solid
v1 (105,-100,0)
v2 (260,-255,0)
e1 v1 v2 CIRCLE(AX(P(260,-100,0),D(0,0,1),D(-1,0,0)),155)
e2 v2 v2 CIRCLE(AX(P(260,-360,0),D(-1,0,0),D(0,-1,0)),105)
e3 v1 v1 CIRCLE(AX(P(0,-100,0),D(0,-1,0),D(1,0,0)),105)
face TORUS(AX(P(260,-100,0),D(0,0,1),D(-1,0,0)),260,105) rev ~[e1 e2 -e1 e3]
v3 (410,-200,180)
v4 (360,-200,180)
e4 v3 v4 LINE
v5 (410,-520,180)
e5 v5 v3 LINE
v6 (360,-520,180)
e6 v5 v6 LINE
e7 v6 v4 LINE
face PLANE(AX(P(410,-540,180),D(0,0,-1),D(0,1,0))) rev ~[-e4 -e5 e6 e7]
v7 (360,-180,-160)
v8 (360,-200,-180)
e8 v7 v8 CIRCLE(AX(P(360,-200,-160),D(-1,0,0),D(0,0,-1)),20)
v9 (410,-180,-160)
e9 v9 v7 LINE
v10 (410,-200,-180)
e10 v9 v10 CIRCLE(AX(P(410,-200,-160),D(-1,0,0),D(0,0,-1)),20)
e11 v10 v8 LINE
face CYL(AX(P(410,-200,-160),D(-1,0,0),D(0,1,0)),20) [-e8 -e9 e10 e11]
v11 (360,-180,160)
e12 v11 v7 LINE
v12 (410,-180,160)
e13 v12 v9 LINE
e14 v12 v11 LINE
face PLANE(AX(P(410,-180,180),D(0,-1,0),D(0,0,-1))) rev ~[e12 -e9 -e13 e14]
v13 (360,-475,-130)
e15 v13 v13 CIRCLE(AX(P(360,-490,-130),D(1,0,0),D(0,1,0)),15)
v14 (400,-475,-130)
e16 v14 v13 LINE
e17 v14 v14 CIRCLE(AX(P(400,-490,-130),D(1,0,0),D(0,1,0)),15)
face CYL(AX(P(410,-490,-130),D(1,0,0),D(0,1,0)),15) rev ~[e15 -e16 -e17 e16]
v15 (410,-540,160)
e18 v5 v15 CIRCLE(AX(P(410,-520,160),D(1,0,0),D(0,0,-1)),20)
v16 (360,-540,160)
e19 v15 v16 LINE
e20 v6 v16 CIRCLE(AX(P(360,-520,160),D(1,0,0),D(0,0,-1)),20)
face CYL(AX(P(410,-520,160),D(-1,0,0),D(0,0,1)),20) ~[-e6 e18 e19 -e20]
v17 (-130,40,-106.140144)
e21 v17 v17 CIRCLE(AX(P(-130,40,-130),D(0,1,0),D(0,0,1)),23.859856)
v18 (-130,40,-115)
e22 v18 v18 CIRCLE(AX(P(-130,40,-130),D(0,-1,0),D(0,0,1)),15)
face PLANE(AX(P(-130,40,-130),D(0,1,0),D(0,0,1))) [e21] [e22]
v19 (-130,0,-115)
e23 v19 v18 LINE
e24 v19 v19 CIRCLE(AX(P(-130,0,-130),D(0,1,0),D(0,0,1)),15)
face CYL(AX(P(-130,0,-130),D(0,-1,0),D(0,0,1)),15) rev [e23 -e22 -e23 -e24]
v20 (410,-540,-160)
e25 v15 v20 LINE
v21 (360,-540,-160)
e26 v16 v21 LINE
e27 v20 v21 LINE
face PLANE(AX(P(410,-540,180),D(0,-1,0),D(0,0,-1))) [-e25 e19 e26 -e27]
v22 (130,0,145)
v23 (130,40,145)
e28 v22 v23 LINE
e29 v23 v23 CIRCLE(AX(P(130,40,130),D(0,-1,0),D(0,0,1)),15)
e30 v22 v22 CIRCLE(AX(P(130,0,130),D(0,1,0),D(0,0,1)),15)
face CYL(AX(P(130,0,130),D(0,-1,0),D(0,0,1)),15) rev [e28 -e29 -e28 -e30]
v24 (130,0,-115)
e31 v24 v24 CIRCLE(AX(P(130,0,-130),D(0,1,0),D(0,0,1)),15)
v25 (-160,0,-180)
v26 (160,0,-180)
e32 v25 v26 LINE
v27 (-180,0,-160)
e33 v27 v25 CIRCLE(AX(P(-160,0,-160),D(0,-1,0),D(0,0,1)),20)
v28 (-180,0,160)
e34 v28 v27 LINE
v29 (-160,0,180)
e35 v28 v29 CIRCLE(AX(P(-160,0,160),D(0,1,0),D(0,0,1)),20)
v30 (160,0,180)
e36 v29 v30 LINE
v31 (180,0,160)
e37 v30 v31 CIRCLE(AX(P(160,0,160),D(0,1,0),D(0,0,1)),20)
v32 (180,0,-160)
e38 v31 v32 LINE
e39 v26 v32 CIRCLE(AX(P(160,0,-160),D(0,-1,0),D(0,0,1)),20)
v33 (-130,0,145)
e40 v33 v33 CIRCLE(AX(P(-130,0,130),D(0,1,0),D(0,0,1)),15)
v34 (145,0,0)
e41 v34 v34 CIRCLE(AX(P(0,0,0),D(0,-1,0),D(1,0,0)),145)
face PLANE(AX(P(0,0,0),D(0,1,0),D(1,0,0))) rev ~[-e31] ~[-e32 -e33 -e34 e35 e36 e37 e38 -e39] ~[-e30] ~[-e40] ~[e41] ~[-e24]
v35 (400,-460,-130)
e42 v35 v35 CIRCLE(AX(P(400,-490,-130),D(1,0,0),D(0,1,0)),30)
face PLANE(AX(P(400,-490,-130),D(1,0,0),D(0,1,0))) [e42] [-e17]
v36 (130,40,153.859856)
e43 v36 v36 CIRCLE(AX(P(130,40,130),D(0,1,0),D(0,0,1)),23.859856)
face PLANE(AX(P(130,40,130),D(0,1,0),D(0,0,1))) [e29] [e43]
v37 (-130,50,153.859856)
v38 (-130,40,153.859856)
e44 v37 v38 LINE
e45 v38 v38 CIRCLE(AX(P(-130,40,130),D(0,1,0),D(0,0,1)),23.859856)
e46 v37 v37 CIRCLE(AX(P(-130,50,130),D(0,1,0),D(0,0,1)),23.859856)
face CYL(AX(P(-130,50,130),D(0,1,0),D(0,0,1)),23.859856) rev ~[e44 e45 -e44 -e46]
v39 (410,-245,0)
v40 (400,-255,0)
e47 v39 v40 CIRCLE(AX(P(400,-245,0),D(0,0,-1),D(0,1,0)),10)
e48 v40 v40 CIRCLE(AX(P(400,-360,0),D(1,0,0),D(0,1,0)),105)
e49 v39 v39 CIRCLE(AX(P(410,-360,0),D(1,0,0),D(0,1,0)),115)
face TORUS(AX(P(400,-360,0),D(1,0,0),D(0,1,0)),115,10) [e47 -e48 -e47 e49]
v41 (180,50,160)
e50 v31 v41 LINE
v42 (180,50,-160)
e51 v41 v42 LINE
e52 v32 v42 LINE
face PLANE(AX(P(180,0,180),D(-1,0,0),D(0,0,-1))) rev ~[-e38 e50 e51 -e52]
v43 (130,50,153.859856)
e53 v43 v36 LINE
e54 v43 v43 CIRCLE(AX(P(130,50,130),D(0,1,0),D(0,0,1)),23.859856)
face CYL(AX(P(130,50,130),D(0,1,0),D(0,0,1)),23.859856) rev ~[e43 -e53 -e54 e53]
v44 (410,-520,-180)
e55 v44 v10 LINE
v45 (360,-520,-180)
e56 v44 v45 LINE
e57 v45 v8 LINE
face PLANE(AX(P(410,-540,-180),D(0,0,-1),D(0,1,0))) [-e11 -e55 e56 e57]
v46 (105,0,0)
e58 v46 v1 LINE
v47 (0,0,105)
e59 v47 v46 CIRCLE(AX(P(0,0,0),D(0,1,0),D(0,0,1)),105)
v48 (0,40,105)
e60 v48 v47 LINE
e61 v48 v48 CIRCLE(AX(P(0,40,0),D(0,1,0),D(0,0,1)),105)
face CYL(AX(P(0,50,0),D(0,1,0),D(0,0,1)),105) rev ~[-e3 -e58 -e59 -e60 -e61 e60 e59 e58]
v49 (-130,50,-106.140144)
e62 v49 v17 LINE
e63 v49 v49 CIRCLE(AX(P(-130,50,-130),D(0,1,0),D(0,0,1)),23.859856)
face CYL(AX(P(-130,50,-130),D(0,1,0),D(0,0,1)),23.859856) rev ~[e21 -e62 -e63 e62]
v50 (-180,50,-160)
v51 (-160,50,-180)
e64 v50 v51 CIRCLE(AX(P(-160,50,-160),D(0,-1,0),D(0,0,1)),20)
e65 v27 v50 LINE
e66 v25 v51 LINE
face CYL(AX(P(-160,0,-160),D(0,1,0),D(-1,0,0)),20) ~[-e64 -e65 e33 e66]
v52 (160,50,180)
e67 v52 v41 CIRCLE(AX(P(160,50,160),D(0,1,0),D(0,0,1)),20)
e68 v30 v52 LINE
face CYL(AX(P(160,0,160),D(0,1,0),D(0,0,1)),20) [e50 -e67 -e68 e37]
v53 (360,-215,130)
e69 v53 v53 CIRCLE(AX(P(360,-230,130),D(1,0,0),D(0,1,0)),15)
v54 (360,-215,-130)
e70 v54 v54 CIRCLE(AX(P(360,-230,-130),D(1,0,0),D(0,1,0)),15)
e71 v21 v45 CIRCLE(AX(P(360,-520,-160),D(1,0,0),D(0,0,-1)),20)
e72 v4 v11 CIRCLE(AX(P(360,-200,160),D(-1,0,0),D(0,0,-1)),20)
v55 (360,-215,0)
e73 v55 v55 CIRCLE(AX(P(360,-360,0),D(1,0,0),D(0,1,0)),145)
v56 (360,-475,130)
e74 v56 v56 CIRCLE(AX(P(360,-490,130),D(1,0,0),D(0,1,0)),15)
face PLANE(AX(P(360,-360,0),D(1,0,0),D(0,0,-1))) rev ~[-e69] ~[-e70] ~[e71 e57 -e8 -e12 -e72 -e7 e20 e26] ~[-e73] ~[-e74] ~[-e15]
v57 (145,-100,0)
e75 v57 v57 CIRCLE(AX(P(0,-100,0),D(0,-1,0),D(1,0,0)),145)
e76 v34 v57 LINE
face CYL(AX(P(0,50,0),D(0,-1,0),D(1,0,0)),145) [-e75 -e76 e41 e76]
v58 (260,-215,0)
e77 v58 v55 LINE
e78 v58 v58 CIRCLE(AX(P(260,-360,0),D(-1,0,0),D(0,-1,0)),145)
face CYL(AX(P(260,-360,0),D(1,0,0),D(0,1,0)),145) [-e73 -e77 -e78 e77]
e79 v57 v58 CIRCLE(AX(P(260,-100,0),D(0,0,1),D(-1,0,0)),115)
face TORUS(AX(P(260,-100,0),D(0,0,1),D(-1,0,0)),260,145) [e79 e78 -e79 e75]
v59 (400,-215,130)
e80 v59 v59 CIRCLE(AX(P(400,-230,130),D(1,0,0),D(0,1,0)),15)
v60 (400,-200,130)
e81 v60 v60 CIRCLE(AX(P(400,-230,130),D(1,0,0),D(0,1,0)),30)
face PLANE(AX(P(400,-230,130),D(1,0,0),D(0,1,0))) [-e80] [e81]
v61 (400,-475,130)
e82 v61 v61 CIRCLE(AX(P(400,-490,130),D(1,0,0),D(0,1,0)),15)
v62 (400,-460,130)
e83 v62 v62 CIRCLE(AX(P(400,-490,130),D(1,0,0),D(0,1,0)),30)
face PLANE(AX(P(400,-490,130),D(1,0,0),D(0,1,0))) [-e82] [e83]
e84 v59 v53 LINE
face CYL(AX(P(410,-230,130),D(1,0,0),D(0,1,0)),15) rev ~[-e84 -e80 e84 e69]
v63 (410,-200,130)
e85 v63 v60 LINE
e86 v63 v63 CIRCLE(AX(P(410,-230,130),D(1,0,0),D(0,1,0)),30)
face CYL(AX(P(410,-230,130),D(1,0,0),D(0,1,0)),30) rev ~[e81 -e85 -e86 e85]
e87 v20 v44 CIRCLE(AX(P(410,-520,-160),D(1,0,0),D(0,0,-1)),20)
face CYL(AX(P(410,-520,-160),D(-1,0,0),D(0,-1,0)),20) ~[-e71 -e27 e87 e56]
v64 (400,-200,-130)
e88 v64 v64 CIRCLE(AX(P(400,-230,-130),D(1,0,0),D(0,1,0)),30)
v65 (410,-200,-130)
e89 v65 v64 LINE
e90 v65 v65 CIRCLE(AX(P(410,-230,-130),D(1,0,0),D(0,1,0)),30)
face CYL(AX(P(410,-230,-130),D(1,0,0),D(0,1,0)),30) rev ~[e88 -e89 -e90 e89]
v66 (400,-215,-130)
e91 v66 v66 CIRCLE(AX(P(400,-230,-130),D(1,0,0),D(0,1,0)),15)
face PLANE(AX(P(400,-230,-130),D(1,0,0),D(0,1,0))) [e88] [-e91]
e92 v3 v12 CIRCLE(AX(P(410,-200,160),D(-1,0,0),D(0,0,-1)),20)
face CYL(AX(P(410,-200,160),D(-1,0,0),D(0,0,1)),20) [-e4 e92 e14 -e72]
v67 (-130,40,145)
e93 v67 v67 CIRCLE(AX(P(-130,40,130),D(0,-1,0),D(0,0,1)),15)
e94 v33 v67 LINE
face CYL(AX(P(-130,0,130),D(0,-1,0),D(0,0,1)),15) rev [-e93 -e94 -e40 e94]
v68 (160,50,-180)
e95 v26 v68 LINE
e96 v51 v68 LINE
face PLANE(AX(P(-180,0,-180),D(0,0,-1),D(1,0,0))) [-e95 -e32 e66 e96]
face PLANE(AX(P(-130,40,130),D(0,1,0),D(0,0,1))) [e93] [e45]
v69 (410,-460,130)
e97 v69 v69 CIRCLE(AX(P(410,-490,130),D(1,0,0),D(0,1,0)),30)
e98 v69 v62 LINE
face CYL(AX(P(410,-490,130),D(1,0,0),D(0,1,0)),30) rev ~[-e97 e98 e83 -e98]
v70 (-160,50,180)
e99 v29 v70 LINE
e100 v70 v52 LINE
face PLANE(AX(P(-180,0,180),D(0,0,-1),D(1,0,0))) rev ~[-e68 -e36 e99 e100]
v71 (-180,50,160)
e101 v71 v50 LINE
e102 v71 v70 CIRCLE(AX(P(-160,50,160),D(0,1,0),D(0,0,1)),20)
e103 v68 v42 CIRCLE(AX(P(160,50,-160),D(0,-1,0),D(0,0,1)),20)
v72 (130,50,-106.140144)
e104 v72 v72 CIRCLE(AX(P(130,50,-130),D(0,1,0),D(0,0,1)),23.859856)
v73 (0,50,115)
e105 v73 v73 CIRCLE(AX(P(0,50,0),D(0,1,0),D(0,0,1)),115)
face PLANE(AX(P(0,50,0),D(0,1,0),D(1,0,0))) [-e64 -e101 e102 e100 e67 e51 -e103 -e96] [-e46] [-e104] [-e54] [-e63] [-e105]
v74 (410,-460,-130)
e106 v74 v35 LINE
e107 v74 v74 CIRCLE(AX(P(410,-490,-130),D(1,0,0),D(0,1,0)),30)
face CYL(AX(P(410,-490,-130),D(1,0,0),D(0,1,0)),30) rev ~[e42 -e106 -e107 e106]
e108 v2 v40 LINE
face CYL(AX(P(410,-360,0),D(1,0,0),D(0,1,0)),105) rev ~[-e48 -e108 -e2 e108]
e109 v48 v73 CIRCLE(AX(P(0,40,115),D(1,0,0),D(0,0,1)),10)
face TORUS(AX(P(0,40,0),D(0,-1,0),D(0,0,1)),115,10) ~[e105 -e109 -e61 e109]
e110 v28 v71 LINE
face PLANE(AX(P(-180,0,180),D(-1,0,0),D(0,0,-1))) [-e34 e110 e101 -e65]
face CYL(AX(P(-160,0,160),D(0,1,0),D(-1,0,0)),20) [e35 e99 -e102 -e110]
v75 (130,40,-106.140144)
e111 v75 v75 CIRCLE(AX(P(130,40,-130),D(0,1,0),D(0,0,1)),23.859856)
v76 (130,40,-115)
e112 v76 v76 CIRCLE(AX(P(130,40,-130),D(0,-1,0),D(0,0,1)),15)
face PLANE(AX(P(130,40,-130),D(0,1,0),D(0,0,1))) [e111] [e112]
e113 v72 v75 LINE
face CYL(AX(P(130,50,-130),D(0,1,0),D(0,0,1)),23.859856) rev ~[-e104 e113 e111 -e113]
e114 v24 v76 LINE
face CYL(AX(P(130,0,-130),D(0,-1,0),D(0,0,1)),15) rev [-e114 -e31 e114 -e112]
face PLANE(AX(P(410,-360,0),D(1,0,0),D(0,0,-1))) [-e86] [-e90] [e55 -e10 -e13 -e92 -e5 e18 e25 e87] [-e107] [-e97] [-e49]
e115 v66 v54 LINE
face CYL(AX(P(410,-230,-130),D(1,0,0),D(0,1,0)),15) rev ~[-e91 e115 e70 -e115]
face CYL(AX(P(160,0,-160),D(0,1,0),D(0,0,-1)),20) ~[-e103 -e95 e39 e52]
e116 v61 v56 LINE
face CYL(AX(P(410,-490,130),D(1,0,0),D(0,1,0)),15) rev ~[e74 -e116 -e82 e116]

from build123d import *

# Parameters (mm, degrees)
SKETCH1_W           = 360
SKETCH1_H           = 360
SKETCH1_R           = 15
BOSS_EXTRUDE1_DEPTH = 50
FILLET1_R           = 20
SKETCH2_R           = 105
CUT_EXTRUDE1_DEPTH  = 50
SKETCH3_R           = 23.859856378
CUT_EXTRUDE2_DEPTH  = 10
SKETCH5_R           = 145
SKETCH5_R_2         = 105
SKETCH9_W           = 360
SKETCH9_H           = 360
BOSS_EXTRUDE2_DEPTH = 50
FILLET2_R           = 20
SKETCH10_R          = 105
SKETCH10_R_2        = 15
CUT_EXTRUDE3_DEPTH  = 50
SKETCH11_R          = 30
CUT_EXTRUDE4_DEPTH  = 10
FILLET3_R           = 10


with BuildPart() as part:
    # Sketch1 → Boss-Extrude1 (new body)
    with BuildSketch(Plane(origin=(0, 0, 0), x_dir=(1, 0, 0), z_dir=(0, 1, 0))):
        Rectangle(SKETCH1_W, SKETCH1_H)
        with Locations(Location((-130, 130, 0), (0, 0, 270))):
            Circle(SKETCH1_R, mode=Mode.SUBTRACT)
        with Locations(Location((130, 130, 0), (0, 0, 270))):
            Circle(SKETCH1_R, mode=Mode.SUBTRACT)
        with Locations(Location((130, -130, 0), (0, 0, 270))):
            Circle(SKETCH1_R, mode=Mode.SUBTRACT)
        with Locations(Location((-130, -130, 0), (0, 0, 270))):
            Circle(SKETCH1_R, mode=Mode.SUBTRACT)
    extrude(amount=BOSS_EXTRUDE1_DEPTH)

    # Fillet1
    fillet1_edges = [part.edges().sort_by_distance(p)[0] for p in [
        (-180, 25, -180),
        (180, 25, -180),
        (180, 25, 180),
        (-180, 25, 180),
    ]]
    fillet(fillet1_edges, radius=FILLET1_R)

    # Sketch2 → Cut-Extrude1 (cut)
    with BuildSketch(Plane(origin=(0, 50, 0), x_dir=(1, 0, 0), z_dir=(0, 1, 0))):
        with Locations(Location((0, 0, 0), (0, 0, 270))):
            Circle(SKETCH2_R)
    extrude(amount=-CUT_EXTRUDE1_DEPTH, mode=Mode.SUBTRACT)

    # Sketch3 → Cut-Extrude2 (cut)
    with BuildSketch(Plane(origin=(0, 50, 0), x_dir=(1, 0, 0), z_dir=(0, 1, 0))):
        with Locations(Location((-130, 130, 0), (0, 0, 270))):
            Circle(SKETCH3_R)
        with Locations(Location((130, 130, 0), (0, 0, 270))):
            Circle(SKETCH3_R)
        with Locations(Location((130, -130, 0), (0, 0, 270))):
            Circle(SKETCH3_R)
        with Locations(Location((-130, -130, 0), (0, 0, 270))):
            Circle(SKETCH3_R)
    extrude(amount=-CUT_EXTRUDE2_DEPTH, mode=Mode.SUBTRACT)

    # Sweep-Thin1: sweep along a path in Sketch4
    with BuildLine(Plane.XY) as sweep_thin1_path:
        Line((0, 50), (0, -100))
        ThreePointArc((0, -100), (76.152236891, -283.847763109), (260, -360))
        Line((260, -360), (410, -360))
    # Sketch5 → Sweep-Thin1 (sweep)
    with BuildSketch(Plane(origin=(0, 0, 0), x_dir=(1, 0, 0), z_dir=(0, 1, 0))):
        Circle(SKETCH5_R)
        Circle(SKETCH5_R_2, mode=Mode.SUBTRACT)
    sweep(path=sweep_thin1_path.line)

    # Sketch9 → Boss-Extrude2 (add)
    with BuildSketch(Plane(origin=(410, 0, 0), x_dir=(0, 0, -1), z_dir=(1, 0, 0))):
        with Locations((0, -360)):
            Rectangle(SKETCH9_W, SKETCH9_H)
    extrude(amount=-BOSS_EXTRUDE2_DEPTH)

    # Fillet2
    fillet2_edges = [part.edges().sort_by_distance(p)[0] for p in [
        (385, -540, 180),
        (385, -180, 180),
        (385, -180, -180),
        (385, -540, -180),
    ]]
    fillet(fillet2_edges, radius=FILLET2_R)

    # Sketch10 → Cut-Extrude3 (cut)
    with BuildSketch(Plane(origin=(410, 0, 0), x_dir=(0, 0, -1), z_dir=(1, 0, 0))):
        with Locations(Location((0, -360, 0), (0, 0, 90))):
            Circle(SKETCH10_R)
        with Locations(Location((-130, -230, 0), (0, 0, 90))):
            Circle(SKETCH10_R_2)
        with Locations(Location((130, -230, 0), (0, 0, 90))):
            Circle(SKETCH10_R_2)
        with Locations(Location((130, -490, 0), (0, 0, 90))):
            Circle(SKETCH10_R_2)
        with Locations(Location((-130, -490, 0), (0, 0, 90))):
            Circle(SKETCH10_R_2)
    extrude(amount=-CUT_EXTRUDE3_DEPTH, mode=Mode.SUBTRACT)

    # Sketch11 → Cut-Extrude4 (cut)
    with BuildSketch(Plane(origin=(410, 0, 0), x_dir=(0, 0, -1), z_dir=(1, 0, 0))):
        with Locations(Location((-130, -230, 0), (0, 0, 90))):
            Circle(SKETCH11_R)
        with Locations(Location((130, -230, 0), (0, 0, 90))):
            Circle(SKETCH11_R)
        with Locations(Location((130, -490, 0), (0, 0, 90))):
            Circle(SKETCH11_R)
        with Locations(Location((-130, -490, 0), (0, 0, 90))):
            Circle(SKETCH11_R)
    extrude(amount=-CUT_EXTRUDE4_DEPTH, mode=Mode.SUBTRACT)

    # Fillet3
    fillet3_edges = [part.edges().sort_by_distance(p)[0] for p in [
        (410, -465, 0),
        (0, 50, -105),
    ]]
    fillet(fillet3_edges, radius=FILLET3_R)


solid = part.part
